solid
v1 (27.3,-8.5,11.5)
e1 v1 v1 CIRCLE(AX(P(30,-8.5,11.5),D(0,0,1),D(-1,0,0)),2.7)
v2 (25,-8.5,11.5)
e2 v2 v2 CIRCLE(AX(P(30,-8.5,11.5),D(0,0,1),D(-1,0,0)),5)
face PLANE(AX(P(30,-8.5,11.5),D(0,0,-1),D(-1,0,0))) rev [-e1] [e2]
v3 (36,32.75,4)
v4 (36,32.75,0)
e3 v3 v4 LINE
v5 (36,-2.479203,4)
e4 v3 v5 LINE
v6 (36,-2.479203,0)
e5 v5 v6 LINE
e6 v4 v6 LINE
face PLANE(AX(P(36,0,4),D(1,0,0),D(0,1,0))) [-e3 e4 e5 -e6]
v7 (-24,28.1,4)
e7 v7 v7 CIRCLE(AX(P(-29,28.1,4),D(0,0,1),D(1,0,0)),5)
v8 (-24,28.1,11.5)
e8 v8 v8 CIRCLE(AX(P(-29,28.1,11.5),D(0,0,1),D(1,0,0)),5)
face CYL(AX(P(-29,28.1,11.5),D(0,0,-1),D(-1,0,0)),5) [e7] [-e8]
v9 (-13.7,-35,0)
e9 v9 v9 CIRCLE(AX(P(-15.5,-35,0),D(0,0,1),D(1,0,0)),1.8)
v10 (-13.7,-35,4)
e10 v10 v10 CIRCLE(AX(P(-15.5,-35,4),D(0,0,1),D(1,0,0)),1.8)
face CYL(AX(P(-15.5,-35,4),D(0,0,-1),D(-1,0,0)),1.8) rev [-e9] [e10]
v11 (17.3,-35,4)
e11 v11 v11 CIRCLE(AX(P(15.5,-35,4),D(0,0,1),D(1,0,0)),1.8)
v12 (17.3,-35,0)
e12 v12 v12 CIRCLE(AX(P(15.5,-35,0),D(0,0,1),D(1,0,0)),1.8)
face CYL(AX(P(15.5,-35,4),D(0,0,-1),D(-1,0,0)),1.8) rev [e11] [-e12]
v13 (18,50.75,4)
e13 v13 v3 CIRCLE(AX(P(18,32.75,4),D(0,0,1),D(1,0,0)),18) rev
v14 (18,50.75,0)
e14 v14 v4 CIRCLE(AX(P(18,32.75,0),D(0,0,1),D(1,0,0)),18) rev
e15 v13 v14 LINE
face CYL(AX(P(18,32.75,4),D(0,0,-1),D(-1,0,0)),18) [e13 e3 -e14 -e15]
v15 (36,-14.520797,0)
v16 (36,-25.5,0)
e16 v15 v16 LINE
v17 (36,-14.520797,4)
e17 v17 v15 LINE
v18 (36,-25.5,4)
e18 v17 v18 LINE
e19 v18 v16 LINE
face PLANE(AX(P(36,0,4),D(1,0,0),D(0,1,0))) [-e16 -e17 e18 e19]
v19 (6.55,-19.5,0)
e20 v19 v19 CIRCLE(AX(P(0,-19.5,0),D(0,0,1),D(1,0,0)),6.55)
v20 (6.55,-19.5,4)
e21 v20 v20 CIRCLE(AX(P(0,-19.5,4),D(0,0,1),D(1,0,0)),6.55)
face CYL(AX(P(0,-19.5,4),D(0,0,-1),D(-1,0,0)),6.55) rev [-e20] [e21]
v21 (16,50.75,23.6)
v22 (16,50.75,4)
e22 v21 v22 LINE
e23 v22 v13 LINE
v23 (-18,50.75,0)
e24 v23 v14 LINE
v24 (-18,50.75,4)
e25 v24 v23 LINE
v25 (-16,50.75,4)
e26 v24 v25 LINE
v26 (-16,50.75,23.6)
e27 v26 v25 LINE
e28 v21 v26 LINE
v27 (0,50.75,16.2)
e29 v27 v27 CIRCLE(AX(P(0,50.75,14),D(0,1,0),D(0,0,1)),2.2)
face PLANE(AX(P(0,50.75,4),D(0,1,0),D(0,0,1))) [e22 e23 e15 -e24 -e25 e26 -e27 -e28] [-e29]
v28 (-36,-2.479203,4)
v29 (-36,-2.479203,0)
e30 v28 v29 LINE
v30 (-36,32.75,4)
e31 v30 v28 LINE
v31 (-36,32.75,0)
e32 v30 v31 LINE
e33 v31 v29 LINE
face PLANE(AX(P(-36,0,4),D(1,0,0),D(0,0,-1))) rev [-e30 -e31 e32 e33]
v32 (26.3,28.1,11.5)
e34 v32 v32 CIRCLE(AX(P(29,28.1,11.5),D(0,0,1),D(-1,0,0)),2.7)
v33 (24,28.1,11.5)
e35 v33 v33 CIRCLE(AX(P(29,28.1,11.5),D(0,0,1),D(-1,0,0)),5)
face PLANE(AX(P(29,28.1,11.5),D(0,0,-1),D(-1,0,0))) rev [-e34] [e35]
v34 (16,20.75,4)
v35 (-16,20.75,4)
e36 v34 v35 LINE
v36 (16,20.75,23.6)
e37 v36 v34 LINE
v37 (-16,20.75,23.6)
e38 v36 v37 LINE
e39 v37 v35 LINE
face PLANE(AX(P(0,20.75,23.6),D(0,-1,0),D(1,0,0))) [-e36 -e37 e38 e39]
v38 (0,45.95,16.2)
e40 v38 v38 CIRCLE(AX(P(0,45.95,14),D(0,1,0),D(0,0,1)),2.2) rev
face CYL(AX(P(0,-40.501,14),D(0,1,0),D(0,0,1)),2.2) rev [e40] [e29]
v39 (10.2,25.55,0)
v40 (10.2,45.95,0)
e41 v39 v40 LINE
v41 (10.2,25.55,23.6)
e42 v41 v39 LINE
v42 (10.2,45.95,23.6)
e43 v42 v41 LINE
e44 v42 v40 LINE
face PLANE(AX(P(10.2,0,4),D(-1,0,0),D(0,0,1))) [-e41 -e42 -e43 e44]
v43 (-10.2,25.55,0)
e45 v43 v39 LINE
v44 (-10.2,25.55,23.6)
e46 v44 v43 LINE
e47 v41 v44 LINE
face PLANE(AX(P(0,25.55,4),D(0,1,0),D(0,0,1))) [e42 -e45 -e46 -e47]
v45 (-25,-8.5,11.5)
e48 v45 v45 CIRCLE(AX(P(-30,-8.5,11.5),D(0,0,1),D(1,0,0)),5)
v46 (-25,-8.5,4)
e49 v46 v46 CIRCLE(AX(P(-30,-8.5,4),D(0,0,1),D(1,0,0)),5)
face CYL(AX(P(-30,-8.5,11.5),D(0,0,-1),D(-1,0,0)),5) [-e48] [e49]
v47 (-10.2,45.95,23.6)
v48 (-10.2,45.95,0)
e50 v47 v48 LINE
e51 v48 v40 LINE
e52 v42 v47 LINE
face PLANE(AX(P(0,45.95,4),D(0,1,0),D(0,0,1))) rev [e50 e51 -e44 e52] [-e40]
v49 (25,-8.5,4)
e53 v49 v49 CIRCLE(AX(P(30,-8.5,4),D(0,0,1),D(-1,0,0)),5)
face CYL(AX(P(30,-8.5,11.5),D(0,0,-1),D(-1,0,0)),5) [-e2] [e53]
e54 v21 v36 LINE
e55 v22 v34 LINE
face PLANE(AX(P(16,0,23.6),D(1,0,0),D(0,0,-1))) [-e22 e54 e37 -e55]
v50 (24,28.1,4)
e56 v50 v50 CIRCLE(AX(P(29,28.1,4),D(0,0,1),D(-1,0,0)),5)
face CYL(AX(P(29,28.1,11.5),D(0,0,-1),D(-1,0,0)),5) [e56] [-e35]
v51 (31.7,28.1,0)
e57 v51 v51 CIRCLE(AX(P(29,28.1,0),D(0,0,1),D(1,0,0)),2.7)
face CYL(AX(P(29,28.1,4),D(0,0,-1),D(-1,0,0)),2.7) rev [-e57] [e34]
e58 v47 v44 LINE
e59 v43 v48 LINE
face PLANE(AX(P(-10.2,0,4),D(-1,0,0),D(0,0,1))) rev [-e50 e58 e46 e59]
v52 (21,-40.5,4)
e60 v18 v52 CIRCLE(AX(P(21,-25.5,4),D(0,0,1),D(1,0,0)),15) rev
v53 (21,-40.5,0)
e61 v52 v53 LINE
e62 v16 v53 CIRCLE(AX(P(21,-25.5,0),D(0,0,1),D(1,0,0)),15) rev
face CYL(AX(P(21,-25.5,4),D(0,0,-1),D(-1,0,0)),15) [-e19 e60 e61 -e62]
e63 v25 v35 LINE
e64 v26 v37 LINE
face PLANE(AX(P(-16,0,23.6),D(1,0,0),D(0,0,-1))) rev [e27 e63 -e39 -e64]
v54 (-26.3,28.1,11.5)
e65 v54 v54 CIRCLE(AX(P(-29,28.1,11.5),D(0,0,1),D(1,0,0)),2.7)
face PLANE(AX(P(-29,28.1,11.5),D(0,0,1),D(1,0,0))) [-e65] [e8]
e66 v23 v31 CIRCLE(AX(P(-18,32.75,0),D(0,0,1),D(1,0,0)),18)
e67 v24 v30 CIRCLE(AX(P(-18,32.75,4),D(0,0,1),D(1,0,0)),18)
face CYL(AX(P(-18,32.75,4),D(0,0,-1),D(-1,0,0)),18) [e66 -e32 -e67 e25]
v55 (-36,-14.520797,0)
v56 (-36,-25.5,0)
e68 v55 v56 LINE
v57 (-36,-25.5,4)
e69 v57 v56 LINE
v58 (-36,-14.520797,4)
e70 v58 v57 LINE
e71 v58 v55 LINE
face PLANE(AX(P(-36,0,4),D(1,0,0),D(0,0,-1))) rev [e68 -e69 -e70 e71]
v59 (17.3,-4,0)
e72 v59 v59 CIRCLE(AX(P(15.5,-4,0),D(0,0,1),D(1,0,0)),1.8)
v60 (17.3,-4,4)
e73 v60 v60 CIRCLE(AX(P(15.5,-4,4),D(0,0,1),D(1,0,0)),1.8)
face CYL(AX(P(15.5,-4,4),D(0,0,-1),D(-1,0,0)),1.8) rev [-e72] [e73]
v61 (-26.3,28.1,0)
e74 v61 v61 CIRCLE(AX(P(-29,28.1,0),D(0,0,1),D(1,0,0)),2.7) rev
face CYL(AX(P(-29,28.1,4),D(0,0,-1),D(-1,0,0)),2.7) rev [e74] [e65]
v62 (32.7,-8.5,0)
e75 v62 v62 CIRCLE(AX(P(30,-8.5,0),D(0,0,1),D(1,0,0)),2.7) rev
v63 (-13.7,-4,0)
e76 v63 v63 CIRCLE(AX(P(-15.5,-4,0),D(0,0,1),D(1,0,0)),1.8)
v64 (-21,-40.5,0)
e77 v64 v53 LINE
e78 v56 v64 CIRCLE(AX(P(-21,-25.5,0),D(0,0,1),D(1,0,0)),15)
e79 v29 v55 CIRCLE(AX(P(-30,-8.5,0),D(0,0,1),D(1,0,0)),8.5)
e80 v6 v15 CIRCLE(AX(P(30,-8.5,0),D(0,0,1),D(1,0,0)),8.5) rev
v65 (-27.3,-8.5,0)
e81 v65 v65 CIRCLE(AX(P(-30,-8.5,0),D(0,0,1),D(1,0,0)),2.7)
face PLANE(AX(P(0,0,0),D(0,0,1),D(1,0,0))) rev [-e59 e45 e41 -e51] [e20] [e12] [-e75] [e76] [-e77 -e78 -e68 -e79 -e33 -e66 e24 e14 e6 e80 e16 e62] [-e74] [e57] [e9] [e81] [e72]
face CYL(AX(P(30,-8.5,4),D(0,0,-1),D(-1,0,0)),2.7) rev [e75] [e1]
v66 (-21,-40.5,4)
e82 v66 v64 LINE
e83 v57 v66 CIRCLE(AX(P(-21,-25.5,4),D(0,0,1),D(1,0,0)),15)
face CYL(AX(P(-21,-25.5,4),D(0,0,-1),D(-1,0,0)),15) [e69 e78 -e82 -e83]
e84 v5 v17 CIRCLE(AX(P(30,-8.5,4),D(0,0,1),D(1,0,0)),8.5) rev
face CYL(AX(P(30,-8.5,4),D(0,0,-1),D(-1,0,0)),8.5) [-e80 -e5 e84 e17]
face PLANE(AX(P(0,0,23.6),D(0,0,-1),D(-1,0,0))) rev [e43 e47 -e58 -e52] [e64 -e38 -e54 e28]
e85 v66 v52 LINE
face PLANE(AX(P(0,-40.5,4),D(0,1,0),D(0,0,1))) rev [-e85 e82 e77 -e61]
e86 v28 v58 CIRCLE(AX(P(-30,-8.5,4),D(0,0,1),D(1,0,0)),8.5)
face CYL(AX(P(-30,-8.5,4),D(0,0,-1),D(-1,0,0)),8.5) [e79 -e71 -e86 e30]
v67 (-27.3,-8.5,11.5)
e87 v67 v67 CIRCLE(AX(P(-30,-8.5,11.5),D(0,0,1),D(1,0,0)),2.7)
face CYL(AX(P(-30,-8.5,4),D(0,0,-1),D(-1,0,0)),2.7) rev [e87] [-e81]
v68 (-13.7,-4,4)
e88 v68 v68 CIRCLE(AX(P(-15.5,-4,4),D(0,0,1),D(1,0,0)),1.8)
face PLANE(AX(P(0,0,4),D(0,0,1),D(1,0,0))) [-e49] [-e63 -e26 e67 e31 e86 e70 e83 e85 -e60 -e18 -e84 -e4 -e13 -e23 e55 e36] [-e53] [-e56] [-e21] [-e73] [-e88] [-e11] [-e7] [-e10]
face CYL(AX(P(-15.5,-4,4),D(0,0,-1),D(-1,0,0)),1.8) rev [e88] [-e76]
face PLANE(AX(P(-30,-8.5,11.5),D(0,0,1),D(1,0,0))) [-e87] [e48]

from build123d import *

# Parameters (mm, degrees)
SKETCH_1_R          = 1.8
SKETCH_1_R_2        = 6.55
SKETCH_1_R_3        = 2.7
SKETCH_1_W          = 20.4
SKETCH_1_H          = 20.4
EXTRUDE_1_DEPTH     = 4
EXTRUDE_START       = 4
SKETCH_1_4_W        = 32
SKETCH_1_4_H        = 30
SKETCH_1_4_W_2      = 20.4
SKETCH_1_4_H_2      = 20.4
SKETCH_1_4_R        = 1.6
EXTRUDE_3_DEPTH     = 19.6
CUT_EXTRUDE_4_REACH = 103.812
SKETCH_8_R          = 2.2
SKETCH_9_R          = 5
SKETCH_9_R_2        = 2.7
EXTRUDE_4_DEPTH     = 7.5


with BuildPart() as part:
    # 草图1 → 凸台-拉伸1 (new body)
    with BuildSketch(Plane.XY):
        with BuildLine():
            ThreePointArc((-36, -25.5), (-31.606601718, -36.106601718), (-21, -40.5))
            Line((-21, -40.5), (21, -40.5))
            ThreePointArc((21, -40.5), (31.606601718, -36.106601718), (36, -25.5))
            Line((36, -25.5), (36, -14.520797289))
            ThreePointArc((36, -14.520797289), (38.5, -8.5), (36, -2.479202711))
            Line((36, -2.479202711), (36, 32.75))
            ThreePointArc((36, 32.75), (30.727922061, 45.477922061), (18, 50.75))
            Line((18, 50.75), (-18, 50.75))
            ThreePointArc((-18, 50.75), (-30.727922061, 45.477922061), (-36, 32.75))
            Line((-36, 32.75), (-36, -2.479202711))
            ThreePointArc((-36, -2.479202711), (-38.5, -8.5), (-36, -14.520797289))
            Line((-36, -14.520797289), (-36, -25.5))
        make_face()
        with Locations((15.5, -35)):
            Circle(SKETCH_1_R, mode=Mode.SUBTRACT)
        with Locations((0, -19.5)):
            Circle(SKETCH_1_R_2, mode=Mode.SUBTRACT)
        with Locations((15.5, -4)):
            Circle(SKETCH_1_R, mode=Mode.SUBTRACT)
        with Locations((-15.5, -35)):
            Circle(SKETCH_1_R, mode=Mode.SUBTRACT)
        with Locations((-15.5, -4)):
            Circle(SKETCH_1_R, mode=Mode.SUBTRACT)
        with Locations((-30, -8.5)):
            Circle(SKETCH_1_R_3, mode=Mode.SUBTRACT)
        with Locations((30, -8.5)):
            Circle(SKETCH_1_R_3, mode=Mode.SUBTRACT)
        with Locations((-29, 28.1)):
            Circle(SKETCH_1_R_3, mode=Mode.SUBTRACT)
        with Locations((29, 28.1)):
            Circle(SKETCH_1_R_3, mode=Mode.SUBTRACT)
        with Locations((0, 35.75)):
            Rectangle(SKETCH_1_W, SKETCH_1_H, mode=Mode.SUBTRACT)
    extrude(amount=EXTRUDE_1_DEPTH)

    # 草图1<4> → 凸台-拉伸3 (add)
    # profile 1 of 3: a face of its own
    with BuildSketch(Plane.XY.offset(EXTRUDE_START)):
        with Locations((0, 35.75)):
            Rectangle(SKETCH_1_4_W, SKETCH_1_4_H)
        with Locations((0, 35.75)):
            Rectangle(SKETCH_1_4_W_2, SKETCH_1_4_H_2, mode=Mode.SUBTRACT)
    # profile 2 of 3: a face of its own
    with BuildSketch(Plane.XY.offset(EXTRUDE_START)):
        with Locations((-13.2, 35.75)):
            Circle(SKETCH_1_4_R)
    # profile 3 of 3: a face of its own
    with BuildSketch(Plane.XY.offset(EXTRUDE_START)):
        with Locations((13.2, 35.75)):
            Circle(SKETCH_1_4_R)
    extrude(amount=EXTRUDE_3_DEPTH)

    # 草图8 → 切除-拉伸4 (cut, up to next)
    with BuildSketch(Plane(origin=(0, 50.75, 0), x_dir=(1, 0, 0), z_dir=(0, 1, 0)), mode=Mode.PRIVATE) as cut_extrude_4_sk1:
        with Locations(Location((0, -14, 0), (0, 0, 270))):
            Circle(SKETCH_8_R)
    cut_extrude_4_tool1 = extrude(cut_extrude_4_sk1.sketch, amount=-CUT_EXTRUDE_4_REACH, mode=Mode.PRIVATE) & part.part
    add(cut_extrude_4_tool1.solids().sort_by_distance((0, 50.75, 14))[0], mode=Mode.SUBTRACT)

    # 草图9 → 凸台-拉伸4 (add)
    # profile 1 of 4: a face of its own
    with BuildSketch(Plane.XY.offset(4)):
        with Locations((-29, 28.1)):
            Circle(SKETCH_9_R)
        with Locations((-29, 28.1)):
            Circle(SKETCH_9_R_2, mode=Mode.SUBTRACT)
    # profile 2 of 4: a face of its own
    with BuildSketch(Plane.XY.offset(4)):
        with Locations((-30, -8.5)):
            Circle(SKETCH_9_R)
        with Locations((-30, -8.5)):
            Circle(SKETCH_9_R_2, mode=Mode.SUBTRACT)
    # profile 3 of 4: a face of its own
    with BuildSketch(Plane.XY.offset(4)):
        with Locations(Location((30, -8.5, 0), (0, 0, 180))):
            Circle(SKETCH_9_R)
        with Locations(Location((30, -8.5, 0), (0, 0, 180))):
            Circle(SKETCH_9_R_2, mode=Mode.SUBTRACT)
    # profile 4 of 4: a face of its own
    with BuildSketch(Plane.XY.offset(4)):
        with Locations(Location((29, 28.1, 0), (0, 0, 180))):
            Circle(SKETCH_9_R)
        with Locations(Location((29, 28.1, 0), (0, 0, 180))):
            Circle(SKETCH_9_R_2, mode=Mode.SUBTRACT)
    extrude(amount=EXTRUDE_4_DEPTH)


solid = part.part
